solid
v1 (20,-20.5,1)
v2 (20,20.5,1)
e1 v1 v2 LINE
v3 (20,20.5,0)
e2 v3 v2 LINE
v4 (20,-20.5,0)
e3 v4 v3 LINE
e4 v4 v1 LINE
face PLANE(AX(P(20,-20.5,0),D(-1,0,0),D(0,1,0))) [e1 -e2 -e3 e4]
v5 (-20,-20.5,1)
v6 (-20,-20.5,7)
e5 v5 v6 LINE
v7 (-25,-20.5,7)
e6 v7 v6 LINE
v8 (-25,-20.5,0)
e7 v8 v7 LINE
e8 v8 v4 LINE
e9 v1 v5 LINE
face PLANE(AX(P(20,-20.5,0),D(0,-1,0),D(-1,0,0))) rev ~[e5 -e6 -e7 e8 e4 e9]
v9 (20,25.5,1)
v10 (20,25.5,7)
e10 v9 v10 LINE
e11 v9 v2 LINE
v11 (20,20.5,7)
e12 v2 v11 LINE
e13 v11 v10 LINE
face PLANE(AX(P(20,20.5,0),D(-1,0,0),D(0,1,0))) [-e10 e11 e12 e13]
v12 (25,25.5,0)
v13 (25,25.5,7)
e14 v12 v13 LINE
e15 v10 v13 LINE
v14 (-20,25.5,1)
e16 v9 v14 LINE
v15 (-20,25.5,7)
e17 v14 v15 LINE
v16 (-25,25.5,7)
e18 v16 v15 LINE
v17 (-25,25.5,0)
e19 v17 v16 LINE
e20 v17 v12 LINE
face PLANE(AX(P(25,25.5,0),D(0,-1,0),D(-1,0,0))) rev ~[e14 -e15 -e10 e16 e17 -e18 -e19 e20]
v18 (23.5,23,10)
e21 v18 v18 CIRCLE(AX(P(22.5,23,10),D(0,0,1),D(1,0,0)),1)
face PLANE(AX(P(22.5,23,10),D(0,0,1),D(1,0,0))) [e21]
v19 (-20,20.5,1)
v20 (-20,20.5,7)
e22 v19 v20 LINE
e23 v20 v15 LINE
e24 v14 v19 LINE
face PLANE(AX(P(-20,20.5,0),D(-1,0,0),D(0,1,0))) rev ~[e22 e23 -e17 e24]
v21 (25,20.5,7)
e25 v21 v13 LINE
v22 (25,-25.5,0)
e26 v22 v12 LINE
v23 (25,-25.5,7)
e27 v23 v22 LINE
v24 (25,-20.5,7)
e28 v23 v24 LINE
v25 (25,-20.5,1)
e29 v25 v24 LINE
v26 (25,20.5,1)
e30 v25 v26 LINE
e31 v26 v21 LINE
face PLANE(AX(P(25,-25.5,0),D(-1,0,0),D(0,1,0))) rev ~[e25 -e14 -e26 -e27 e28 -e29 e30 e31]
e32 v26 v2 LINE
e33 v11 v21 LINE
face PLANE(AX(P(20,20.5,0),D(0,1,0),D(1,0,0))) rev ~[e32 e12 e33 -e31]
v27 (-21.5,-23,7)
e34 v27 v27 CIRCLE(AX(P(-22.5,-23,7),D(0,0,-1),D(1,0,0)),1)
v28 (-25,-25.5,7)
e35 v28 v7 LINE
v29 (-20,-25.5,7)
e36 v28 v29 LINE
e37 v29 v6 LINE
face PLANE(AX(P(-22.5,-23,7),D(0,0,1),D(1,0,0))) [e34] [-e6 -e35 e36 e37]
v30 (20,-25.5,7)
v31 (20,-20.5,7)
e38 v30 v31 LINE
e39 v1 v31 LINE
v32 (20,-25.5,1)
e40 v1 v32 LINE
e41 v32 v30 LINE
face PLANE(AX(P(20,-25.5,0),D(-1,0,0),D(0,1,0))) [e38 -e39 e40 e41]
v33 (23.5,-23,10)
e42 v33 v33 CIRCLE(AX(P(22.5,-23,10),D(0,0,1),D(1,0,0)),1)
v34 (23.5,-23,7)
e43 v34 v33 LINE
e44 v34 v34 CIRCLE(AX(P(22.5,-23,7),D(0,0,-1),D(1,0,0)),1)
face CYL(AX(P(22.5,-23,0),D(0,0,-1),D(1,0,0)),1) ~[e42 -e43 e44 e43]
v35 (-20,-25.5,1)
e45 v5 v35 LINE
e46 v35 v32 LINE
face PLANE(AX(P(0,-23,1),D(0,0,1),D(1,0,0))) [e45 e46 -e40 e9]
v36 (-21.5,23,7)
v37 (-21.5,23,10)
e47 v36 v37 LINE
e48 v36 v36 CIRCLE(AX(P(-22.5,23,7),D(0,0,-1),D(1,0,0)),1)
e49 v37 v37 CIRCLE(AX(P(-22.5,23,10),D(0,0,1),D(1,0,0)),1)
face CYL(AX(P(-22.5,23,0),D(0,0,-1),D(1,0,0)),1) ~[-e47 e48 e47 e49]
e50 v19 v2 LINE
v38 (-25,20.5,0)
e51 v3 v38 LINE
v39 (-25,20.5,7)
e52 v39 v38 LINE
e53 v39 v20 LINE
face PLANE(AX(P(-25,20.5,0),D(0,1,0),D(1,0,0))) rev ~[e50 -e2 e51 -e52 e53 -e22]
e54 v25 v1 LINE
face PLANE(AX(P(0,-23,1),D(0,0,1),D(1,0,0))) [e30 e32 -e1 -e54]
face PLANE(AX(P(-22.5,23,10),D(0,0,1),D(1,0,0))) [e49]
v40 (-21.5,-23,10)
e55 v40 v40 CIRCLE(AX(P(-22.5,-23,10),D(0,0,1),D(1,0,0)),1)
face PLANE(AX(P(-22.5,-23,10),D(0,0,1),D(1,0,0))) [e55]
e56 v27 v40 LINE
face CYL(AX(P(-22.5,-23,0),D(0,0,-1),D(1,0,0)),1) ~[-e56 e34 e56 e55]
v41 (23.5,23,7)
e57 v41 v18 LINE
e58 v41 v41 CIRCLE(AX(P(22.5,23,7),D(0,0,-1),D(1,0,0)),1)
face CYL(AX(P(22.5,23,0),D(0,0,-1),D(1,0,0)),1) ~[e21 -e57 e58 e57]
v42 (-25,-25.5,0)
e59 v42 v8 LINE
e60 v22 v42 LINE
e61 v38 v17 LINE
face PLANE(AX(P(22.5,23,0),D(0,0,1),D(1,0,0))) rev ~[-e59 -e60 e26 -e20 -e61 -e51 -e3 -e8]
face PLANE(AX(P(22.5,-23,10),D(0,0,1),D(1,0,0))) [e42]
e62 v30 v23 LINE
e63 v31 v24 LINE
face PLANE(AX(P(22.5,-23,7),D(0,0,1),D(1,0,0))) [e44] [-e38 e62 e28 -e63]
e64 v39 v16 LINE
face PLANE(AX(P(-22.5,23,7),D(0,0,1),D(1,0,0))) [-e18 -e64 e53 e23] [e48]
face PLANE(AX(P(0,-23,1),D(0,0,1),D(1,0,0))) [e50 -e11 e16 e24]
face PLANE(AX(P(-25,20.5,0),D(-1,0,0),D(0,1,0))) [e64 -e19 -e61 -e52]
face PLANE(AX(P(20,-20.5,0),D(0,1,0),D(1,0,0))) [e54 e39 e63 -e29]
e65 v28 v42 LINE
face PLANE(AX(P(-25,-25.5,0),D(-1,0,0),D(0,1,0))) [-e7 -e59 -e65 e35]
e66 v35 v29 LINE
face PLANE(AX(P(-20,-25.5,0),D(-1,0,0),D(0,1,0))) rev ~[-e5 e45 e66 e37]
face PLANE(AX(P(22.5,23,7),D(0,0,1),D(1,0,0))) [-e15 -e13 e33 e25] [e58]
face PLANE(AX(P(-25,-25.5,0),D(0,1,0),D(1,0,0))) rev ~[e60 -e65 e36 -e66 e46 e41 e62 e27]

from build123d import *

# Parameters (mm, degrees)
F0_W     = 40
F0_H     = 5
F0_W_2   = 5
F0_R     = 1
F0_H_2   = 41
F1_DEPTH = 1
F2_DEPTH = 7
F3_DEPTH = 10


with BuildPart() as f1:
    # F0 (on Top) → F1 (new body)
    with BuildSketch(Plane.XY):
        with Locations((0, -23)):
            Rectangle(F0_W, F0_H)
        with Locations((0, 23)):
            Rectangle(F0_W, F0_H)
        with Locations((-22.5, 23)):
            Rectangle(F0_W_2, F0_H)
        with Locations((-22.5, 23)):
            Circle(F0_R, mode=Mode.SUBTRACT)
        with Locations((22.5, 23)):
            Rectangle(F0_W_2, F0_H)
        with Locations((22.5, 23)):
            Circle(F0_R, mode=Mode.SUBTRACT)
        with Locations((22.5, -23)):
            Rectangle(F0_W_2, F0_H)
        with Locations((22.5, -23)):
            Circle(F0_R, mode=Mode.SUBTRACT)
        with Locations((-22.5, -23)):
            Rectangle(F0_W_2, F0_H)
        with Locations((-22.5, -23)):
            Circle(F0_R, mode=Mode.SUBTRACT)
        with Locations((22.5, 0)):
            Rectangle(F0_W_2, F0_H_2)
        with Locations((-22.5, 23)):
            Circle(F0_R)
        with Locations((22.5, 23)):
            Circle(F0_R)
        with Locations((22.5, -23)):
            Circle(F0_R)
        with Locations((-22.5, -23)):
            Circle(F0_R)
    extrude(amount=F1_DEPTH)

    # F0 (on Top) → F2 (join)
    with BuildSketch(Plane.XY):
        with Locations((22.5, 23)):
            Rectangle(F0_W_2, F0_H)
        with Locations((22.5, 23)):
            Circle(F0_R, mode=Mode.SUBTRACT)
        with Locations((22.5, 23)):
            Circle(F0_R)
        with Locations((-22.5, 23)):
            Rectangle(F0_W_2, F0_H)
        with Locations((-22.5, 23)):
            Circle(F0_R, mode=Mode.SUBTRACT)
        with Locations((-22.5, 23)):
            Circle(F0_R)
        with Locations((22.5, -23)):
            Rectangle(F0_W_2, F0_H)
        with Locations((22.5, -23)):
            Circle(F0_R, mode=Mode.SUBTRACT)
        with Locations((22.5, -23)):
            Circle(F0_R)
        with Locations((-22.5, -23)):
            Rectangle(F0_W_2, F0_H)
        with Locations((-22.5, -23)):
            Circle(F0_R, mode=Mode.SUBTRACT)
        with Locations((-22.5, -23)):
            Circle(F0_R)
    extrude(amount=F2_DEPTH)

    # F0 (on Top) → F3 (join)
    with BuildSketch(Plane.XY):
        with Locations((22.5, 23)):
            Circle(F0_R)
        with Locations((-22.5, 23)):
            Circle(F0_R)
        with Locations((-22.5, -23)):
            Circle(F0_R)
        with Locations((22.5, -23)):
            Circle(F0_R)
    extrude(amount=F3_DEPTH)


solid = f1.part
